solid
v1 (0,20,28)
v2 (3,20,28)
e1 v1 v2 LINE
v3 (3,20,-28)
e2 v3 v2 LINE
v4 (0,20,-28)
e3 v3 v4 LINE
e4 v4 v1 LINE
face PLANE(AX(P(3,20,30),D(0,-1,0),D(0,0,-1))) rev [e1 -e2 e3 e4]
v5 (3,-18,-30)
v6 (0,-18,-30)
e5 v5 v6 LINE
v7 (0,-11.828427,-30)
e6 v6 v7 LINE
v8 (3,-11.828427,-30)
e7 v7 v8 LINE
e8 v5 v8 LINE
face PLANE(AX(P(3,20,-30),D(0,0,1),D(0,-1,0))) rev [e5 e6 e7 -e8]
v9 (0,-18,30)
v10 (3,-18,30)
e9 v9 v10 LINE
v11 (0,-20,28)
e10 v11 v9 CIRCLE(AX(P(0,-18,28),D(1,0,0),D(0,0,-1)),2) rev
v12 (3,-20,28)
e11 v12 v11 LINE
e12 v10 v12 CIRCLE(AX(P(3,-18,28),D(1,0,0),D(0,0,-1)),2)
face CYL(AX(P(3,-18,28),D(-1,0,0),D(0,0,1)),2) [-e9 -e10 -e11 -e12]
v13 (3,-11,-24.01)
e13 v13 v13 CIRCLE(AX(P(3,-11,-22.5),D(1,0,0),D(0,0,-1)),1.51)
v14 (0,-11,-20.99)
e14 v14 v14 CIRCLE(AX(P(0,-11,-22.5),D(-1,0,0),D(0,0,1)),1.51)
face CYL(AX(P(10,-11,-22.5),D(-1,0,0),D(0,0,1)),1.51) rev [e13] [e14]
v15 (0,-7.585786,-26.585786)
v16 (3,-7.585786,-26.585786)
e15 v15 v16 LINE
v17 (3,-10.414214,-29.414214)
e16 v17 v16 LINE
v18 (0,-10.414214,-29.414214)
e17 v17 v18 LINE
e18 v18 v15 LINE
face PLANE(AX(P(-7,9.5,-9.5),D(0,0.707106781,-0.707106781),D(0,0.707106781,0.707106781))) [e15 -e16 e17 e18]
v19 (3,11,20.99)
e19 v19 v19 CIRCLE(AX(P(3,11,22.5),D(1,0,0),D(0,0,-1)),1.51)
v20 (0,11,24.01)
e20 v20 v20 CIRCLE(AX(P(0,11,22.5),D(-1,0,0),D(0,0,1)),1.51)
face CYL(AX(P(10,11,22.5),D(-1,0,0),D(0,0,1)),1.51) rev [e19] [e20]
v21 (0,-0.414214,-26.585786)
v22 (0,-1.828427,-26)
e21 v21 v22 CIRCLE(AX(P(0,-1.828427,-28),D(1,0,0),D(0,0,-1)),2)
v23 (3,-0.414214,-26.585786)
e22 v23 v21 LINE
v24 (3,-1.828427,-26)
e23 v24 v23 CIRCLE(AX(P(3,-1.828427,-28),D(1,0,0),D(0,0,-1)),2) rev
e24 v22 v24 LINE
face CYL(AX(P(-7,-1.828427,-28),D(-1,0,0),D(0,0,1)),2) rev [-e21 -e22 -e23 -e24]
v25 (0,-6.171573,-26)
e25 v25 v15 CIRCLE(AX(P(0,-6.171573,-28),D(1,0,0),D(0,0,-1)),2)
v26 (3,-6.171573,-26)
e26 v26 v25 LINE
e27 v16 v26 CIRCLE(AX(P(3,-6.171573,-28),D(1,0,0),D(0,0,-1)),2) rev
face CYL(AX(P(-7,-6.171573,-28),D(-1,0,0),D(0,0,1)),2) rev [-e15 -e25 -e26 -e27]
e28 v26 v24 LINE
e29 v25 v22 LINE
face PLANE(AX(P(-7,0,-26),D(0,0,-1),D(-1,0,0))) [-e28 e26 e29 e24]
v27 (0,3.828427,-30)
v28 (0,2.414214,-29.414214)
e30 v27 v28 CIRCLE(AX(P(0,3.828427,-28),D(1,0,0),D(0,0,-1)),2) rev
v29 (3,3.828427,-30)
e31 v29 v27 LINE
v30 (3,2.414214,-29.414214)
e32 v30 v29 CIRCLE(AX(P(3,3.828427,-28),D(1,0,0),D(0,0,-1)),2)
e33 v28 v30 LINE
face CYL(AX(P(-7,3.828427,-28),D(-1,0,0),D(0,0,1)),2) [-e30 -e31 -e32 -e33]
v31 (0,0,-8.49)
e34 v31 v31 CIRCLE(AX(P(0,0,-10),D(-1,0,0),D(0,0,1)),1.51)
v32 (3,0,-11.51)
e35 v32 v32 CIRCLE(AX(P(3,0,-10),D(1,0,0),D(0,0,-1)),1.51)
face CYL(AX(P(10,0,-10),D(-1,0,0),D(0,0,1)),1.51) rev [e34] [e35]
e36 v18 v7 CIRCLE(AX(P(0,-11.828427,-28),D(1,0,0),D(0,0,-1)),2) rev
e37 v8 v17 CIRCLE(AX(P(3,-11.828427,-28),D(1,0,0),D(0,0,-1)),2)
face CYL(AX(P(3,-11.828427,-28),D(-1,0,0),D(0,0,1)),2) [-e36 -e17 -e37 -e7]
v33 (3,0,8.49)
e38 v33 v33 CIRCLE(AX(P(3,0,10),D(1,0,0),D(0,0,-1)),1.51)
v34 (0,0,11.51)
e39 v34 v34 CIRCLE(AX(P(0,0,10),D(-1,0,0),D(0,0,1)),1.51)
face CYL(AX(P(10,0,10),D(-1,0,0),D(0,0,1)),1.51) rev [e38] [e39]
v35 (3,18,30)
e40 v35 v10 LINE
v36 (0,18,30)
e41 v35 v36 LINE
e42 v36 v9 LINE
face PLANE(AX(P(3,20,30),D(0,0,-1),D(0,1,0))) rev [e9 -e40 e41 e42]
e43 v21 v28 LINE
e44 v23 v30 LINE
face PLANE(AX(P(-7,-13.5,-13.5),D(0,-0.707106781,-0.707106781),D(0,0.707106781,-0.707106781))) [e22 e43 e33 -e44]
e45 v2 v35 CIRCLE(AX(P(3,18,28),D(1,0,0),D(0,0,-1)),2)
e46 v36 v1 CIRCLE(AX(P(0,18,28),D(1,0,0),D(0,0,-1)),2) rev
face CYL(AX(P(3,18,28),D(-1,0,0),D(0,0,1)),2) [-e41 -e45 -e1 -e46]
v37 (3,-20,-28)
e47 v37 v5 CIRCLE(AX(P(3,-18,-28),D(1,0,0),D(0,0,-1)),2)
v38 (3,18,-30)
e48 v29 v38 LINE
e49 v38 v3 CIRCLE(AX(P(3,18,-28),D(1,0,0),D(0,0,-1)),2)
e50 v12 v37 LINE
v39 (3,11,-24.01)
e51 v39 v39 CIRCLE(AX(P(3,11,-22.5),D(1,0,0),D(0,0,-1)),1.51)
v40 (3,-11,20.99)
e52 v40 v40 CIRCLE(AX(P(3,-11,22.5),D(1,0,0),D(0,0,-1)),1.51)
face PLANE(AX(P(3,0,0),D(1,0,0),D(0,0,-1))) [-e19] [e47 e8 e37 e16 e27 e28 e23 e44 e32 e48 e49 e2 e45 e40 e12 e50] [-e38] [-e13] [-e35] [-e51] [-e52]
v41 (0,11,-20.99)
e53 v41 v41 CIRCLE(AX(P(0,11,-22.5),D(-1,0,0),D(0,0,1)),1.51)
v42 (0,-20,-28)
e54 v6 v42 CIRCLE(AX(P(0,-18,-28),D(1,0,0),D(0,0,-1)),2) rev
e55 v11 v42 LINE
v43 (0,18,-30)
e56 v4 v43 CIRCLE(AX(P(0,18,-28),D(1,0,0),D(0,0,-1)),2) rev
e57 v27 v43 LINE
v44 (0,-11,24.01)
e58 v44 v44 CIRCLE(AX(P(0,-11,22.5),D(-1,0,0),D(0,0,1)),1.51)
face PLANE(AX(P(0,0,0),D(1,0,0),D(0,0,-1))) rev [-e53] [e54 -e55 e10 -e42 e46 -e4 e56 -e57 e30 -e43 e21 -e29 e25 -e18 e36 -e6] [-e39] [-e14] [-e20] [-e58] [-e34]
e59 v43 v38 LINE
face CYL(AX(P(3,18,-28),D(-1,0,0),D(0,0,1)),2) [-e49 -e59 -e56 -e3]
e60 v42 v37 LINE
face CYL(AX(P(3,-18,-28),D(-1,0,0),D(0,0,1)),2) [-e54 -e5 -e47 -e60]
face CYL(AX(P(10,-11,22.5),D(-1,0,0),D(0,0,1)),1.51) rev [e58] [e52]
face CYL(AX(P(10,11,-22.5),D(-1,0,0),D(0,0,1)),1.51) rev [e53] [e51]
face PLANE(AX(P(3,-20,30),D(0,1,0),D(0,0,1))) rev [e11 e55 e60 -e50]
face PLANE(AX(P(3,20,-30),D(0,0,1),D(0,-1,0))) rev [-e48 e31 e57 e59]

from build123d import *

# Parameters (mm, degrees)
SKETCH_1_W          = 60
SKETCH_1_H          = 40
EXTRUDE_1_DEPTH     = 3
SKETCH_2_R          = 1.51
CUT_EXTRUDE_1_DEPTH = 10
SKETCH_3_R          = 1.51
CUT_EXTRUDE_2_DEPTH = 10
CUT_EXTRUDE_3_DEPTH = 10
FILLET_1_R          = 2


with BuildPart() as part:
    # 草图1 → 凸台-拉伸1 (new body)
    with BuildSketch(Plane(origin=(0, 0, 0), x_dir=(0, 0, -1), z_dir=(1, 0, 0))):
        Rectangle(SKETCH_1_W, SKETCH_1_H)
    extrude(amount=EXTRUDE_1_DEPTH)

    # 草图2 → 切除-拉伸1 (cut)
    with BuildSketch(Plane.ZY):
        with Locations((-22.5, -11)):
            Circle(SKETCH_2_R)
        with Locations((22.5, -11)):
            Circle(SKETCH_2_R)
        with Locations((22.5, 11)):
            Circle(SKETCH_2_R)
        with Locations((-22.5, 11)):
            Circle(SKETCH_2_R)
    extrude(amount=-CUT_EXTRUDE_1_DEPTH, mode=Mode.SUBTRACT)

    # 草图3 → 切除-拉伸2 (cut)
    with BuildSketch(Plane.ZY):
        with Locations((10, 0)):
            Circle(SKETCH_3_R)
        with Locations((-10, 0)):
            Circle(SKETCH_3_R)
    extrude(amount=-CUT_EXTRUDE_2_DEPTH, mode=Mode.SUBTRACT)

    # 草图4 → 切除-拉伸3 (cut)
    with BuildSketch(Plane(origin=(3, 0, 0), x_dir=(0, 0, -1), z_dir=(1, 0, 0))):
        Polygon((26, -7), (30, -11), (30, 3), (26, -1), align=None)
    extrude(amount=-CUT_EXTRUDE_3_DEPTH, mode=Mode.SUBTRACT)

    # 圆角1
    fillet_1_edges = [part.edges().sort_by_distance(p)[0] for p in [
        (1.5, -1, -26),
        (1.5, 3, -30),
        (1.5, -11, -30),
        (1.5, -7, -26),
        (1.5, -20, -30),
        (1.5, -20, 30),
        (1.5, 20, 30),
        (1.5, 20, -30),
    ]]
    fillet(fillet_1_edges, radius=FILLET_1_R)


solid = part.part
